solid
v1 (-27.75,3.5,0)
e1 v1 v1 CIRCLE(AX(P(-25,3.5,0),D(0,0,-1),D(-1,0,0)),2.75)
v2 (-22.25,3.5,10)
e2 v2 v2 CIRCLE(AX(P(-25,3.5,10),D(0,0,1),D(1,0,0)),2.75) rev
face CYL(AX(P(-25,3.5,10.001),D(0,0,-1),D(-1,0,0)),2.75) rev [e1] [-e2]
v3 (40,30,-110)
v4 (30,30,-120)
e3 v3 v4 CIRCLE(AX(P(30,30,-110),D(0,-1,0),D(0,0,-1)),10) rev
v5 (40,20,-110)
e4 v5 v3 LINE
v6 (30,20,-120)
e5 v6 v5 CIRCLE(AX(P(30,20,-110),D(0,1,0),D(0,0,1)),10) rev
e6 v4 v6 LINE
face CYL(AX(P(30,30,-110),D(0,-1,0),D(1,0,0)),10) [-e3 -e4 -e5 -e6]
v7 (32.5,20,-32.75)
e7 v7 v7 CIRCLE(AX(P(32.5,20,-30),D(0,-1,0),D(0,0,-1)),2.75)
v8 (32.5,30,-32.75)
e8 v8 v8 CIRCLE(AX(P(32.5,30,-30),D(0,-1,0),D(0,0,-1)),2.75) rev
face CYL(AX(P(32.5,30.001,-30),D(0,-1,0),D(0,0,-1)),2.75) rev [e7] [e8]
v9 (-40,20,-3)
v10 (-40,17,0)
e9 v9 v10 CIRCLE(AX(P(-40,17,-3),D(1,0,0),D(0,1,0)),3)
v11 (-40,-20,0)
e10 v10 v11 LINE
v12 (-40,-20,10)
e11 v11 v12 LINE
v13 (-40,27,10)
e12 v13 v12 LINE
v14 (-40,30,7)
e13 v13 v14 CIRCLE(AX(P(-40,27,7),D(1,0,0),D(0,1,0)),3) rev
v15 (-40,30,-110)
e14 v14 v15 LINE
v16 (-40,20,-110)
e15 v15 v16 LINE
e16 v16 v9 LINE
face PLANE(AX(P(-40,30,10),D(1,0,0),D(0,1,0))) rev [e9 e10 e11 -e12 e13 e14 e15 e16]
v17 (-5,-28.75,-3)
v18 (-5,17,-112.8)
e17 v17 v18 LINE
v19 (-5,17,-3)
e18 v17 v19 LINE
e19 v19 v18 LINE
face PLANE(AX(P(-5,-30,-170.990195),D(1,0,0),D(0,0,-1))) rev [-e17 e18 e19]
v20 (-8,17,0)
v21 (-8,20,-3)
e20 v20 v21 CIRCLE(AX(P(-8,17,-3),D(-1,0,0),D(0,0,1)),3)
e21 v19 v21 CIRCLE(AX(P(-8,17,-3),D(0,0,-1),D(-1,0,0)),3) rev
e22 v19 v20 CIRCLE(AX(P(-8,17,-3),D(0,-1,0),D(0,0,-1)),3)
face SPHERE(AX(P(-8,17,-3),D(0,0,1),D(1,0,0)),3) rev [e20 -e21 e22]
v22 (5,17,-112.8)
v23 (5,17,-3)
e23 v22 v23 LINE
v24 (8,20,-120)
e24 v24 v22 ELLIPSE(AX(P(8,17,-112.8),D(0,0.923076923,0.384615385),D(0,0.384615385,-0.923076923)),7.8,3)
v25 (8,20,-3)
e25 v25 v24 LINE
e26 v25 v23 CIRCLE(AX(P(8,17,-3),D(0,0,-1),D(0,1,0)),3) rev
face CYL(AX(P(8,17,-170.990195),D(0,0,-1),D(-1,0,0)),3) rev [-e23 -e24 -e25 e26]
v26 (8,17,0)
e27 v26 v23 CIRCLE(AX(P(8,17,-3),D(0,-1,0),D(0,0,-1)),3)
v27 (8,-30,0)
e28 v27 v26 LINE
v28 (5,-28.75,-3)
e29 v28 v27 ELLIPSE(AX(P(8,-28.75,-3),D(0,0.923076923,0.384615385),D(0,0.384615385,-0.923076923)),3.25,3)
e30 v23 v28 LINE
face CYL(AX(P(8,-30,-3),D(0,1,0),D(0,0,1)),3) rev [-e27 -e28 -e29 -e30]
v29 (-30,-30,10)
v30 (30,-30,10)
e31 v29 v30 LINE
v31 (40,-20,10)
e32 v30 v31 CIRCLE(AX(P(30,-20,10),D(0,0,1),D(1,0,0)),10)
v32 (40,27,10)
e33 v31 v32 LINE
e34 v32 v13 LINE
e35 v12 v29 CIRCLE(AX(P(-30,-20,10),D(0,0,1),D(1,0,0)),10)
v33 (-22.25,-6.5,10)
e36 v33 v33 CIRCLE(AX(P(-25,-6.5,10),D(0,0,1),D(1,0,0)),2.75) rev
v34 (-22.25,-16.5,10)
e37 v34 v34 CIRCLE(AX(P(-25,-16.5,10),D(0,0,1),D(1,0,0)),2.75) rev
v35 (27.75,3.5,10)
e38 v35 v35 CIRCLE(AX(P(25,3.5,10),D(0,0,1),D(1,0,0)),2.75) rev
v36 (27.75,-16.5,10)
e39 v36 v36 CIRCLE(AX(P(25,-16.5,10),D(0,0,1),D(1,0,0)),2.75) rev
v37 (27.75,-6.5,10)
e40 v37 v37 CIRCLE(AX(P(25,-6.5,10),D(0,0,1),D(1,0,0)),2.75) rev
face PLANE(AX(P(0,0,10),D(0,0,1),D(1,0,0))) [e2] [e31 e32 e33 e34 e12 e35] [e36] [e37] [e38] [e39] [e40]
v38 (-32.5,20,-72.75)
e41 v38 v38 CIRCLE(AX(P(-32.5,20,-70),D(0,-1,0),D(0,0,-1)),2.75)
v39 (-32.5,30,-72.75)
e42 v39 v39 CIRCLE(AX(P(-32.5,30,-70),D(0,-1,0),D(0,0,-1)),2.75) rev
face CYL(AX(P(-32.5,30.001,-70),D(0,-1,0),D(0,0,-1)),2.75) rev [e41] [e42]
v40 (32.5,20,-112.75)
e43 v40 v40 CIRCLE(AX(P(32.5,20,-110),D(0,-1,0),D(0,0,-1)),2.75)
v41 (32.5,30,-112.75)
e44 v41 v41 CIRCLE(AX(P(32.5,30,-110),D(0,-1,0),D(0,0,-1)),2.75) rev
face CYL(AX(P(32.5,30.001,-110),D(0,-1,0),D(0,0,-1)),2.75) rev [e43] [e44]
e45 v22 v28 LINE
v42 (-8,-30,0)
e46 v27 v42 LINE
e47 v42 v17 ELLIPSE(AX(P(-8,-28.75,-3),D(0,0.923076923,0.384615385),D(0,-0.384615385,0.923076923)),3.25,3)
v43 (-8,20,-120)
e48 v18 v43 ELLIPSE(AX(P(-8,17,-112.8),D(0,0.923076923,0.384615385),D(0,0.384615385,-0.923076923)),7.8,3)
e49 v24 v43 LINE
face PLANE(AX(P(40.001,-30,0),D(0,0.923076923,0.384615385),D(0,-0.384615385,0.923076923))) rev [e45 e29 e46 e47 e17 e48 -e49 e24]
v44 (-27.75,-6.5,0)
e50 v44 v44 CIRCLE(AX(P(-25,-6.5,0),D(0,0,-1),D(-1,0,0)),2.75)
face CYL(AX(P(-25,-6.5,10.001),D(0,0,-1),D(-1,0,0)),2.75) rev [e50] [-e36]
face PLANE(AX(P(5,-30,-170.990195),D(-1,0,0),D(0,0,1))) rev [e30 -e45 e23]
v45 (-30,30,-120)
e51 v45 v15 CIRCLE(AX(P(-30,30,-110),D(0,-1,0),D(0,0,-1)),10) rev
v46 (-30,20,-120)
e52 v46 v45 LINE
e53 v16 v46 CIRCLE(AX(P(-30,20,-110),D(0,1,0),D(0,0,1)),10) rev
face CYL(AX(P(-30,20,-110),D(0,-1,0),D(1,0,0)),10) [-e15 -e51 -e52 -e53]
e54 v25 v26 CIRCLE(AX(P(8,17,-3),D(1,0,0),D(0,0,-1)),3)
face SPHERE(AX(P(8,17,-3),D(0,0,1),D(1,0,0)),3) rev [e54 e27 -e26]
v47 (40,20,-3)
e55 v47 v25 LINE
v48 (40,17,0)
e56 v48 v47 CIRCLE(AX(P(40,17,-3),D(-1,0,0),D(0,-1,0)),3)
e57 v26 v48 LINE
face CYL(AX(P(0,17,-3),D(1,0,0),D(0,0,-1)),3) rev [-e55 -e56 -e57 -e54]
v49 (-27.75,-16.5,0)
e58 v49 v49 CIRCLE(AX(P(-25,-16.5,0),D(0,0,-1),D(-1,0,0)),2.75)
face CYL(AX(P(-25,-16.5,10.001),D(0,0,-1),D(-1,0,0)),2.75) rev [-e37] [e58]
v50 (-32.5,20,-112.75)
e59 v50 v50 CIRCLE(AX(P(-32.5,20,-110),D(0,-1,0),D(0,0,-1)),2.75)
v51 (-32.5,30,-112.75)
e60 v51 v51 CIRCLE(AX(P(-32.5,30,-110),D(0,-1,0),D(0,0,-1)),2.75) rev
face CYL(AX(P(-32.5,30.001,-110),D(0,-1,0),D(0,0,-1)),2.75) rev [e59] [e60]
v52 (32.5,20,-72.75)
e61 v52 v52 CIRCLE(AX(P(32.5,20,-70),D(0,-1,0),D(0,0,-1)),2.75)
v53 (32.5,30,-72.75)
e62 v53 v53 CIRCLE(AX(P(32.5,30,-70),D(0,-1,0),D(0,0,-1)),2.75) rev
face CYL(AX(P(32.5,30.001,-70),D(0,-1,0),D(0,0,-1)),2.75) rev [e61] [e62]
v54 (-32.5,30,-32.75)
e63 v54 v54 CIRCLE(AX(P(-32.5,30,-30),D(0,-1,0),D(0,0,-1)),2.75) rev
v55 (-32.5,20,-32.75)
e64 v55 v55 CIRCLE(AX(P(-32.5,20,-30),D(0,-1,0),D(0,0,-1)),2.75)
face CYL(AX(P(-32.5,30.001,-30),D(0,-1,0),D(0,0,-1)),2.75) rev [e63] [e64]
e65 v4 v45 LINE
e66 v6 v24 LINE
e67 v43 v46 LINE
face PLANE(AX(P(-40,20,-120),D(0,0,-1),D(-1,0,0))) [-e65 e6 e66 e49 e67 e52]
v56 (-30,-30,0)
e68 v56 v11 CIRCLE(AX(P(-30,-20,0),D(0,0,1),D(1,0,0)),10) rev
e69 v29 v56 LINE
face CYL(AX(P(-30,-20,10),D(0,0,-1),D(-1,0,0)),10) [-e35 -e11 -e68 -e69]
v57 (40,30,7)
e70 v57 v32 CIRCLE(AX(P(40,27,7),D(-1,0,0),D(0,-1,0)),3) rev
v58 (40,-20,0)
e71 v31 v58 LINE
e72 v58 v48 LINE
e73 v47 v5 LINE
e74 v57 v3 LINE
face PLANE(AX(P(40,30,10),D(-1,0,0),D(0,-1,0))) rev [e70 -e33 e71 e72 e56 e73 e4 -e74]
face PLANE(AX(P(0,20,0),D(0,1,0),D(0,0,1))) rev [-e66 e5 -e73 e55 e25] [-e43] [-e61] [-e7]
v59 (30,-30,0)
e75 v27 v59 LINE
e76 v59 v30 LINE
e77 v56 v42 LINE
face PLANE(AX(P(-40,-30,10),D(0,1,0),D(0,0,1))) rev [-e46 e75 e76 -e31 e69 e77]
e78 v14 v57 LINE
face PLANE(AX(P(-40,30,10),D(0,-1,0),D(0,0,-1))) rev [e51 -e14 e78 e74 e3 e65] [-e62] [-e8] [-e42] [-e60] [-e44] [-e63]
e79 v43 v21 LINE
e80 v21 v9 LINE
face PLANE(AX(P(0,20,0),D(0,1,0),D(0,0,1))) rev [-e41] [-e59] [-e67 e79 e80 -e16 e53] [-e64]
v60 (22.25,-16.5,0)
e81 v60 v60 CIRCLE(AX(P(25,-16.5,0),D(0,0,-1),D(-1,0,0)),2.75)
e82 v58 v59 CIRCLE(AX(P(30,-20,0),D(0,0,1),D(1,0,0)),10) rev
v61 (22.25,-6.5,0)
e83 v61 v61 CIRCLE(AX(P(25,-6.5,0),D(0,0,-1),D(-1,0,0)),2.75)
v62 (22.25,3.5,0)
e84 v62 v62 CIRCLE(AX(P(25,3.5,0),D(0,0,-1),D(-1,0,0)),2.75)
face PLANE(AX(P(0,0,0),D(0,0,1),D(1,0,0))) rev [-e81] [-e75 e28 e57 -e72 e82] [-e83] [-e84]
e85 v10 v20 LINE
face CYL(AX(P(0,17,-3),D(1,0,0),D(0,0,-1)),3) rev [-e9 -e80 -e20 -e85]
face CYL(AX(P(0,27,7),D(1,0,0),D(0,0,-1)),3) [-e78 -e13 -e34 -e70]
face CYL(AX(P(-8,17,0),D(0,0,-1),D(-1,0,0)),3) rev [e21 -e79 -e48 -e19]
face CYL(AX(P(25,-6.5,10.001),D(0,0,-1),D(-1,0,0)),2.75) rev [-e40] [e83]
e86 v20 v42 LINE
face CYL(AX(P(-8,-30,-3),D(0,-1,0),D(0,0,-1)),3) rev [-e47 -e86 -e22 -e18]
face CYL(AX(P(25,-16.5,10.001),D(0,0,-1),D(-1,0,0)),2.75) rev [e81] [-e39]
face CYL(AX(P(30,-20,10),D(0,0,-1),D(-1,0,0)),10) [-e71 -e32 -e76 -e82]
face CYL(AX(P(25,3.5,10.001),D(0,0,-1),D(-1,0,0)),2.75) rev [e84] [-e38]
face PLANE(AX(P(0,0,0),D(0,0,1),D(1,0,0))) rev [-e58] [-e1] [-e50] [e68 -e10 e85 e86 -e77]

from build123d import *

# Parameters (mm, degrees)
SKETCH1_W           = 80
SKETCH1_H           = 60
BOSS_EXTRUDE1_DEPTH = 10
SKETCH2_W           = 80
SKETCH2_H           = 130
BOSS_EXTRUDE2_DEPTH = 10
CUT_EXTRUDE1_REACH  = 132
SKETCH3_R           = 2.75
CUT_EXTRUDE2_REACH  = 138.015
SKETCH4_R           = 2.75
SKETCH5_W           = 10
SKETCH5_H           = 50
BOSS_EXTRUDE3_DEPTH = 120
CUT_EXTRUDE3_REACH  = 133.624
FILLET1_R           = 10
FILLET2_R           = 3
FILLET3_R           = 3


with BuildPart() as part:
    # Sketch1 → Boss-Extrude1 (new body)
    with BuildSketch(Plane.XY):
        Rectangle(SKETCH1_W, SKETCH1_H)
    extrude(amount=BOSS_EXTRUDE1_DEPTH)

    # Sketch2 → Boss-Extrude2 (add)
    with BuildSketch(Plane(origin=(0, 30, 0), x_dir=(1, 0, 0), z_dir=(0, 1, 0))):
        with Locations((0, 55)):
            Rectangle(SKETCH2_W, SKETCH2_H)
    extrude(amount=-BOSS_EXTRUDE2_DEPTH)

    # Sketch3 → Cut-Extrude1 (cut, up to next)
    with BuildSketch(Plane(origin=(0, 0, 0), x_dir=(-1, 0, 0), z_dir=(0, 0, -1)), mode=Mode.PRIVATE) as cut_extrude1_sk1:
        with Locations((-25, -16.5)):
            Circle(SKETCH3_R)
    cut_extrude1_tool1 = extrude(cut_extrude1_sk1.sketch, amount=-CUT_EXTRUDE1_REACH, mode=Mode.PRIVATE) & part.part
    # Sketch3 → Cut-Extrude1 (cut, up to next)
    with BuildSketch(Plane(origin=(0, 0, 0), x_dir=(-1, 0, 0), z_dir=(0, 0, -1)), mode=Mode.PRIVATE) as cut_extrude1_sk2:
        with Locations((25, -16.5)):
            Circle(SKETCH3_R)
    cut_extrude1_tool2 = extrude(cut_extrude1_sk2.sketch, amount=-CUT_EXTRUDE1_REACH, mode=Mode.PRIVATE) & part.part
    # Sketch3 → Cut-Extrude1 (cut, up to next)
    with BuildSketch(Plane(origin=(0, 0, 0), x_dir=(-1, 0, 0), z_dir=(0, 0, -1)), mode=Mode.PRIVATE) as cut_extrude1_sk3:
        with Locations((-25, -6.5)):
            Circle(SKETCH3_R)
    cut_extrude1_tool3 = extrude(cut_extrude1_sk3.sketch, amount=-CUT_EXTRUDE1_REACH, mode=Mode.PRIVATE) & part.part
    # Sketch3 → Cut-Extrude1 (cut, up to next)
    with BuildSketch(Plane(origin=(0, 0, 0), x_dir=(-1, 0, 0), z_dir=(0, 0, -1)), mode=Mode.PRIVATE) as cut_extrude1_sk4:
        with Locations((25, -6.5)):
            Circle(SKETCH3_R)
    cut_extrude1_tool4 = extrude(cut_extrude1_sk4.sketch, amount=-CUT_EXTRUDE1_REACH, mode=Mode.PRIVATE) & part.part
    # Sketch3 → Cut-Extrude1 (cut, up to next)
    with BuildSketch(Plane(origin=(0, 0, 0), x_dir=(-1, 0, 0), z_dir=(0, 0, -1)), mode=Mode.PRIVATE) as cut_extrude1_sk5:
        with Locations((-25, 3.5)):
            Circle(SKETCH3_R)
    cut_extrude1_tool5 = extrude(cut_extrude1_sk5.sketch, amount=-CUT_EXTRUDE1_REACH, mode=Mode.PRIVATE) & part.part
    # Sketch3 → Cut-Extrude1 (cut, up to next)
    with BuildSketch(Plane(origin=(0, 0, 0), x_dir=(-1, 0, 0), z_dir=(0, 0, -1)), mode=Mode.PRIVATE) as cut_extrude1_sk6:
        with Locations((25, 3.5)):
            Circle(SKETCH3_R)
    cut_extrude1_tool6 = extrude(cut_extrude1_sk6.sketch, amount=-CUT_EXTRUDE1_REACH, mode=Mode.PRIVATE) & part.part
    add(cut_extrude1_tool1.solids().sort_by_distance((25, -16.5, 0))[0], mode=Mode.SUBTRACT)
    add(cut_extrude1_tool2.solids().sort_by_distance((-25, -16.5, 0))[0], mode=Mode.SUBTRACT)
    add(cut_extrude1_tool3.solids().sort_by_distance((25, -6.5, 0))[0], mode=Mode.SUBTRACT)
    add(cut_extrude1_tool4.solids().sort_by_distance((-25, -6.5, 0))[0], mode=Mode.SUBTRACT)
    add(cut_extrude1_tool5.solids().sort_by_distance((25, 3.5, 0))[0], mode=Mode.SUBTRACT)
    add(cut_extrude1_tool6.solids().sort_by_distance((-25, 3.5, 0))[0], mode=Mode.SUBTRACT)

    # Sketch4 → Cut-Extrude2 (cut, up to next)
    with BuildSketch(Plane.XZ.offset(-20), mode=Mode.PRIVATE) as cut_extrude2_sk1:
        with Locations(Location((-32.5, -110, 0), (0, 0, 270))):
            Circle(SKETCH4_R)
    cut_extrude2_tool1 = extrude(cut_extrude2_sk1.sketch, amount=-CUT_EXTRUDE2_REACH, mode=Mode.PRIVATE) & part.part
    # Sketch4 → Cut-Extrude2 (cut, up to next)
    with BuildSketch(Plane.XZ.offset(-20), mode=Mode.PRIVATE) as cut_extrude2_sk2:
        with Locations(Location((32.5, -110, 0), (0, 0, 270))):
            Circle(SKETCH4_R)
    cut_extrude2_tool2 = extrude(cut_extrude2_sk2.sketch, amount=-CUT_EXTRUDE2_REACH, mode=Mode.PRIVATE) & part.part
    # Sketch4 → Cut-Extrude2 (cut, up to next)
    with BuildSketch(Plane.XZ.offset(-20), mode=Mode.PRIVATE) as cut_extrude2_sk3:
        with Locations(Location((-32.5, -70, 0), (0, 0, 270))):
            Circle(SKETCH4_R)
    cut_extrude2_tool3 = extrude(cut_extrude2_sk3.sketch, amount=-CUT_EXTRUDE2_REACH, mode=Mode.PRIVATE) & part.part
    # Sketch4 → Cut-Extrude2 (cut, up to next)
    with BuildSketch(Plane.XZ.offset(-20), mode=Mode.PRIVATE) as cut_extrude2_sk4:
        with Locations(Location((32.5, -70, 0), (0, 0, 270))):
            Circle(SKETCH4_R)
    cut_extrude2_tool4 = extrude(cut_extrude2_sk4.sketch, amount=-CUT_EXTRUDE2_REACH, mode=Mode.PRIVATE) & part.part
    # Sketch4 → Cut-Extrude2 (cut, up to next)
    with BuildSketch(Plane.XZ.offset(-20), mode=Mode.PRIVATE) as cut_extrude2_sk5:
        with Locations(Location((-32.5, -30, 0), (0, 0, 270))):
            Circle(SKETCH4_R)
    cut_extrude2_tool5 = extrude(cut_extrude2_sk5.sketch, amount=-CUT_EXTRUDE2_REACH, mode=Mode.PRIVATE) & part.part
    # Sketch4 → Cut-Extrude2 (cut, up to next)
    with BuildSketch(Plane.XZ.offset(-20), mode=Mode.PRIVATE) as cut_extrude2_sk6:
        with Locations(Location((32.5, -30, 0), (0, 0, 270))):
            Circle(SKETCH4_R)
    cut_extrude2_tool6 = extrude(cut_extrude2_sk6.sketch, amount=-CUT_EXTRUDE2_REACH, mode=Mode.PRIVATE) & part.part
    add(cut_extrude2_tool1.solids().sort_by_distance((-32.5, 20, -110))[0], mode=Mode.SUBTRACT)
    add(cut_extrude2_tool2.solids().sort_by_distance((32.5, 20, -110))[0], mode=Mode.SUBTRACT)
    add(cut_extrude2_tool3.solids().sort_by_distance((-32.5, 20, -70))[0], mode=Mode.SUBTRACT)
    add(cut_extrude2_tool4.solids().sort_by_distance((32.5, 20, -70))[0], mode=Mode.SUBTRACT)
    add(cut_extrude2_tool5.solids().sort_by_distance((-32.5, 20, -30))[0], mode=Mode.SUBTRACT)
    add(cut_extrude2_tool6.solids().sort_by_distance((32.5, 20, -30))[0], mode=Mode.SUBTRACT)

    # Sketch5 → Boss-Extrude3 (add)
    with BuildSketch(Plane(origin=(0, 0, 0), x_dir=(-1, 0, 0), z_dir=(0, 0, -1))):
        with Locations((0, -5)):
            Rectangle(SKETCH5_W, SKETCH5_H)
    extrude(amount=BOSS_EXTRUDE3_DEPTH)

    # Sketch6 → Cut-Extrude3 (cut, up to next)
    with BuildSketch(Plane.ZY.offset(5), mode=Mode.PRIVATE) as cut_extrude3_sk1:
        Polygon((-120, 20), (-120, -30), (0, -30), align=None)
    cut_extrude3_tool1 = extrude(cut_extrude3_sk1.sketch, amount=-CUT_EXTRUDE3_REACH, mode=Mode.PRIVATE) & part.part
    add(cut_extrude3_tool1.solids().sort_by_distance((-5, -13.333333, -80))[0], mode=Mode.SUBTRACT)

    # Fillet1
    fillet1_edges = [part.edges().sort_by_distance(p)[0] for p in [
        (40, 25, -120),
        (-40, 25, -120),
        (40, -30, 5),
        (-40, -30, 5),
    ]]
    fillet(fillet1_edges, radius=FILLET1_R)

    # Fillet2
    fillet2_edges = [part.edges().sort_by_distance(p)[0] for p in [
        (0, 30, 10),
    ]]
    fillet(fillet2_edges, radius=FILLET2_R)

    # Fillet3
    fillet3_edges = [part.edges().sort_by_distance(p)[0] for p in [
        (22.5, 20, 0),
        (-22.5, 20, 0),
        (-5, -5, 0),
        (-5, 20, -60),
        (5, 20, -60),
        (5, -5, 0),
    ]]
    fillet(fillet3_edges, radius=FILLET3_R)


solid = part.part
